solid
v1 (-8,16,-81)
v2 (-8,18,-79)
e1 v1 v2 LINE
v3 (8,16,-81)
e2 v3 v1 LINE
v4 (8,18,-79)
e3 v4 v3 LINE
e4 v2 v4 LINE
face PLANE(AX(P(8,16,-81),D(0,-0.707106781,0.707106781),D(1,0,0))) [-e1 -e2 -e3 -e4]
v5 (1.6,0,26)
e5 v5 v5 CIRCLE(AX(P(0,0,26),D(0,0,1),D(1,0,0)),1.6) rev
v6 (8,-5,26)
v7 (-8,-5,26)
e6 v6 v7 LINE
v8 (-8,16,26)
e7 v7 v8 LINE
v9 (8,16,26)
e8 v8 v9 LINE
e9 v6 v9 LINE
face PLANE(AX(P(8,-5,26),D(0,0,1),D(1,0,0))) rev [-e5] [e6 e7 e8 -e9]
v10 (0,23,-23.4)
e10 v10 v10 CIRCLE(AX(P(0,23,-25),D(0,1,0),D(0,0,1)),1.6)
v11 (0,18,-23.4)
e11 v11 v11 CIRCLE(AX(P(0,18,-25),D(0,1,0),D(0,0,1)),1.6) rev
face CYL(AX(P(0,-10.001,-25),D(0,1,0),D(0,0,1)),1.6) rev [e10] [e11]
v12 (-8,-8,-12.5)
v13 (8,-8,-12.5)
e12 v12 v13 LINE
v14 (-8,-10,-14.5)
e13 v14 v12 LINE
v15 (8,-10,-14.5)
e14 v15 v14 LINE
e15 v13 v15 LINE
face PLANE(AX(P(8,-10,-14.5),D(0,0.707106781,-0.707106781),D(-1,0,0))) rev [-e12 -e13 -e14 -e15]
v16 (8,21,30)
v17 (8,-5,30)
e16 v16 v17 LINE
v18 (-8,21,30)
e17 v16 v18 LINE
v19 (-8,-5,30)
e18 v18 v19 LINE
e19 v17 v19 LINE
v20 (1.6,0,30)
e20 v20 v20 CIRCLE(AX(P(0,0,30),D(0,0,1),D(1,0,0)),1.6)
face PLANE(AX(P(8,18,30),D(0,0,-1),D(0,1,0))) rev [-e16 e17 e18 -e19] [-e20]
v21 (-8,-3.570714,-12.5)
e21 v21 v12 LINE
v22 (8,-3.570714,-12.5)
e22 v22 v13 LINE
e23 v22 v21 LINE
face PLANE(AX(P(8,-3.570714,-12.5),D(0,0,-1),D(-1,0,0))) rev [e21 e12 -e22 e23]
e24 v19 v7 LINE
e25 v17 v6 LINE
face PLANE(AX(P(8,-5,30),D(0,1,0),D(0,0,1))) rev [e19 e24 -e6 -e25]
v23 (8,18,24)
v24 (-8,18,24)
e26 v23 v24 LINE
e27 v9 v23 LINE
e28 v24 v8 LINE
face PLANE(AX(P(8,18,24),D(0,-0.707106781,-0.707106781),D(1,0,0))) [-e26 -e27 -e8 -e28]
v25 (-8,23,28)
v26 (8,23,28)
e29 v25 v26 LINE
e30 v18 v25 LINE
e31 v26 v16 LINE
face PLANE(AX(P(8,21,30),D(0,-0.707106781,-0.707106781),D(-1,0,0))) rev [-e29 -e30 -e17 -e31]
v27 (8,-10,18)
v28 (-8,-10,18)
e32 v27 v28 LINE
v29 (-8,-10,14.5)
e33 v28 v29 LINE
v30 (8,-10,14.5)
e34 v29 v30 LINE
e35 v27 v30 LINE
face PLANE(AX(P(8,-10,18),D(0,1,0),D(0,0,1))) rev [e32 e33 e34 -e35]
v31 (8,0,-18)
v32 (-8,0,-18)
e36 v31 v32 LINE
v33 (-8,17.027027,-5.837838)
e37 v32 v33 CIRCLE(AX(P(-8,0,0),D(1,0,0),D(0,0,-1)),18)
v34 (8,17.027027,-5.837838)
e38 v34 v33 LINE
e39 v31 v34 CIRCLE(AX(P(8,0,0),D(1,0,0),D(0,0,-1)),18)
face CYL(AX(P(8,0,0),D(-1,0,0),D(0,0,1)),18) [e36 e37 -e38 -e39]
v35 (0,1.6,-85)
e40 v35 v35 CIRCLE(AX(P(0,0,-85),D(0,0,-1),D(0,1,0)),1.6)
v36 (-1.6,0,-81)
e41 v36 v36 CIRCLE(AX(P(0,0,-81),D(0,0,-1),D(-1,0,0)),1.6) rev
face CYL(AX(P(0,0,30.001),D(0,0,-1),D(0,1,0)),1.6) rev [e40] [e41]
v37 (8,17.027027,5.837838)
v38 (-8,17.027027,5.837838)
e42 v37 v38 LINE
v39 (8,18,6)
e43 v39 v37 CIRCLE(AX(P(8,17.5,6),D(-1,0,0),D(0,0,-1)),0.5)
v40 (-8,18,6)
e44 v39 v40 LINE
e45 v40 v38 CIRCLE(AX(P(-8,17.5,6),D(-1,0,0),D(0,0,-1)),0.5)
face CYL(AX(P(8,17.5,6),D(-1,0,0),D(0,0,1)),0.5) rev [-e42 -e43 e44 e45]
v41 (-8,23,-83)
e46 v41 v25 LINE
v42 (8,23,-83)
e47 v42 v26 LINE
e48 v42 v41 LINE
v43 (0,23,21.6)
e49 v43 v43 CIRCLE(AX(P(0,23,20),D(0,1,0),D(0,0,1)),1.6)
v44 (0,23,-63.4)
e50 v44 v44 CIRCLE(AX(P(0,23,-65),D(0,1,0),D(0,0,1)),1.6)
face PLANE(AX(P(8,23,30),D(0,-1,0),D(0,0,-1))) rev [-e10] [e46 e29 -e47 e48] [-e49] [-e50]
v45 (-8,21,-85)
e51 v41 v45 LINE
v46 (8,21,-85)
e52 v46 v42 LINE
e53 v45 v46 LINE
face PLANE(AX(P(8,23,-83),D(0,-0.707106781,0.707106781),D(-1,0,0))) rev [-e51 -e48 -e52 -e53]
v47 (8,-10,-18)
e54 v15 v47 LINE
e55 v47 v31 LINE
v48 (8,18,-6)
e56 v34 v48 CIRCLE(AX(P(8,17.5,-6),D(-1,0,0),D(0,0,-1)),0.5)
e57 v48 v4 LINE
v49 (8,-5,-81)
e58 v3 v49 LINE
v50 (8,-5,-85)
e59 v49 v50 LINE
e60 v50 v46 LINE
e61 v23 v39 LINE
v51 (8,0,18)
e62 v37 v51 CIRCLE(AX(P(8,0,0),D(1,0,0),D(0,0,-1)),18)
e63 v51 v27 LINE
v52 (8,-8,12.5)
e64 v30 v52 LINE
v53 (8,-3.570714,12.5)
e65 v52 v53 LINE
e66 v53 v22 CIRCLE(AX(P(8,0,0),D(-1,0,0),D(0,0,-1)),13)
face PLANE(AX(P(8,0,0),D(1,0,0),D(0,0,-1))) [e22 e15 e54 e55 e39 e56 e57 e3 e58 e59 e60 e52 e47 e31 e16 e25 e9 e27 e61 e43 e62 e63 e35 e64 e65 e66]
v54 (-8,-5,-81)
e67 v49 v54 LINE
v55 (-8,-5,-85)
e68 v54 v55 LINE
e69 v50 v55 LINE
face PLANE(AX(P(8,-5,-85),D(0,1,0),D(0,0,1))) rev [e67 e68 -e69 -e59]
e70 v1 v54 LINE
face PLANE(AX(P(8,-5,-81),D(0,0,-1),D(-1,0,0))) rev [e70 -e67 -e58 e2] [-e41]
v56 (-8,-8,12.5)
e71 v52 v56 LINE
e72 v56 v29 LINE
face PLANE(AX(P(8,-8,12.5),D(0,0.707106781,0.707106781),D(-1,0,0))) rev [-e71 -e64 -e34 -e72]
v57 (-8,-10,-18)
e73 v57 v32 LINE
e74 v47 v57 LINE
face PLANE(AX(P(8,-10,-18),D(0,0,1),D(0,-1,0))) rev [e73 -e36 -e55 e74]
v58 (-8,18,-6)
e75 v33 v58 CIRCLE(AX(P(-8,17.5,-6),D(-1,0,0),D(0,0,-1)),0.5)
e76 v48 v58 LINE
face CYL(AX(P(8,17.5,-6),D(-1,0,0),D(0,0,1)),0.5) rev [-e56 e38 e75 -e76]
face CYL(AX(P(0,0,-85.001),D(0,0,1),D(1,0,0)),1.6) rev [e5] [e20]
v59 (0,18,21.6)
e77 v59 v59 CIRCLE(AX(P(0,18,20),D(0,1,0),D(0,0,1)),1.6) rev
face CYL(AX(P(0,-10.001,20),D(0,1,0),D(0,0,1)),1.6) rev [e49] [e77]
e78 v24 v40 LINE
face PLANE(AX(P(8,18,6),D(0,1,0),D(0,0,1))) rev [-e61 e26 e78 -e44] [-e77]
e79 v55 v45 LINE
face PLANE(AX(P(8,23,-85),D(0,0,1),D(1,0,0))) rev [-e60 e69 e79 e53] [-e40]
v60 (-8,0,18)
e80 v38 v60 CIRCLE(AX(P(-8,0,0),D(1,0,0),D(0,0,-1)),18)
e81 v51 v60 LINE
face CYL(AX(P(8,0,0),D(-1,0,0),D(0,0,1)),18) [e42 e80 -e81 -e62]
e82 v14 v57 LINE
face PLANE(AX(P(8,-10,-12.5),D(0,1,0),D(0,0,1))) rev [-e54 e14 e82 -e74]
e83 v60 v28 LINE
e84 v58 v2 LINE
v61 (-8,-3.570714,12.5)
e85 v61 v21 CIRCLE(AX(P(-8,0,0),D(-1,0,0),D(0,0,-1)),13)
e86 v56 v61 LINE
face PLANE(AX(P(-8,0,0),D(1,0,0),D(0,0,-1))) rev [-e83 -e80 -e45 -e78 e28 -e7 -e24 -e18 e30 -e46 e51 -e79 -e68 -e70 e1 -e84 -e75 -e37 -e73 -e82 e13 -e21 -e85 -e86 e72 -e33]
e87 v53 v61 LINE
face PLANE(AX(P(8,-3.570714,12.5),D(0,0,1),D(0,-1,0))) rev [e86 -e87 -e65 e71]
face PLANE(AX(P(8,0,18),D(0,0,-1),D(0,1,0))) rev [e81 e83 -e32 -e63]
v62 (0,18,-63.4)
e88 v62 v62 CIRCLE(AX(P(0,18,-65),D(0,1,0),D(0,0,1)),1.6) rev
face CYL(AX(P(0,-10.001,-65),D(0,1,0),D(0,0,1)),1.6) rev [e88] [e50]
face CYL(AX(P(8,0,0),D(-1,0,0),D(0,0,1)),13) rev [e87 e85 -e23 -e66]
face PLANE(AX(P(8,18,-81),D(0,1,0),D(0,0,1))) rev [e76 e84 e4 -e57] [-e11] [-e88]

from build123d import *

# Parameters (mm, degrees)
BOSS_EXTRUDE1_DEPTH = 8
CHAMFER1_SIZE       = 2
CHAMFER2_SIZE       = 2
CUT_EXTRUDE1_REACH  = 119.55
SKETCH2_R           = 1.6
CUT_EXTRUDE2_REACH  = 119.55
SKETCH3_R           = 1.6
CUT_EXTRUDE3_REACH  = 93.531
SKETCH4_R           = 1.6


with BuildPart() as part:
    # Sketch1 → Boss-Extrude1 (new, symmetric)
    with BuildSketch(Plane(origin=(0, 0, 0), x_dir=(0, 0, -1), z_dir=(1, 0, 0))):
        with BuildLine():
            Line((-12.5, -3.570714214), (-12.5, -10))
            Line((-12.5, -10), (-18, -10))
            Line((-18, -10), (-18, 0))
            ThreePointArc((-18, 0), (-14.647202482, 10.462287487), (-5.837837838, 17.027027027))
            ThreePointArc((-5.837837838, 17.027027027), (-5.506803038, 17.582199494), (-6, 18))
            Line((-6, 18), (-26, 18))
            Line((-26, 18), (-26, -5))
            Line((-26, -5), (-30, -5))
            Line((-30, -5), (-30, 18))
            Line((-30, 18), (-30, 23))
            Line((-30, 23), (85, 23))
            Line((85, 23), (85, 18))
            Line((85, 18), (85, -5))
            Line((85, -5), (81, -5))
            Line((81, -5), (81, 18))
            Line((81, 18), (6, 18))
            ThreePointArc((6, 18), (5.506803038, 17.582199494), (5.837837838, 17.027027027))
            ThreePointArc((5.837837838, 17.027027027), (14.647202482, 10.462287487), (18, 0))
            Line((18, 0), (18, -10))
            Line((18, -10), (12.5, -10))
            Line((12.5, -10), (12.5, -3.570714214))
            ThreePointArc((12.5, -3.570714214), (0, 13), (-12.5, -3.570714214))
        make_face()
    extrude(amount=BOSS_EXTRUDE1_DEPTH, both=True)

    # Chamfer1
    chamfer1_edges = [part.edges().sort_by_distance(p)[0] for p in [
        (0, 18, 26),
        (0, 18, -81),
    ]]
    chamfer(chamfer1_edges, length=CHAMFER1_SIZE)

    # Chamfer2
    chamfer2_edges = [part.edges().sort_by_distance(p)[0] for p in [
        (0, -10, -12.5),
        (0, -10, 12.5),
        (0, 23, 30),
        (0, 23, -85),
    ]]
    chamfer(chamfer2_edges, length=CHAMFER2_SIZE)

    # Sketch2 → Cut-Extrude1 (cut, up to next)
    with BuildSketch(Plane.XY.offset(30), mode=Mode.PRIVATE) as cut_extrude1_sk1:
        Circle(SKETCH2_R)
    cut_extrude1_tool1 = extrude(cut_extrude1_sk1.sketch, amount=-CUT_EXTRUDE1_REACH, mode=Mode.PRIVATE) & part.part
    add(cut_extrude1_tool1.solids().sort_by_distance((0, 0, 30))[0], mode=Mode.SUBTRACT)

    # Sketch3 → Cut-Extrude2 (cut, up to next)
    with BuildSketch(Plane(origin=(0, 0, -85), x_dir=(-1, 0, 0), z_dir=(0, 0, -1)), mode=Mode.PRIVATE) as cut_extrude2_sk1:
        with Locations(Location((0, 0, 0), (0, 0, 180))):
            Circle(SKETCH3_R)
    cut_extrude2_tool1 = extrude(cut_extrude2_sk1.sketch, amount=-CUT_EXTRUDE2_REACH, mode=Mode.PRIVATE) & part.part
    add(cut_extrude2_tool1.solids().sort_by_distance((0, 0, -85))[0], mode=Mode.SUBTRACT)

    # Sketch4 → Cut-Extrude3 (cut, up to next)
    with BuildSketch(Plane(origin=(0, 23, 0), x_dir=(1, 0, 0), z_dir=(0, 1, 0)), mode=Mode.PRIVATE) as cut_extrude3_sk1:
        with Locations(Location((0, 65, 0), (0, 0, 270))):
            Circle(SKETCH4_R)
    cut_extrude3_tool1 = extrude(cut_extrude3_sk1.sketch, amount=-CUT_EXTRUDE3_REACH, mode=Mode.PRIVATE) & part.part
    # Sketch4 → Cut-Extrude3 (cut, up to next)
    with BuildSketch(Plane(origin=(0, 23, 0), x_dir=(1, 0, 0), z_dir=(0, 1, 0)), mode=Mode.PRIVATE) as cut_extrude3_sk2:
        with Locations(Location((0, 25, 0), (0, 0, 270))):
            Circle(SKETCH4_R)
    cut_extrude3_tool2 = extrude(cut_extrude3_sk2.sketch, amount=-CUT_EXTRUDE3_REACH, mode=Mode.PRIVATE) & part.part
    # Sketch4 → Cut-Extrude3 (cut, up to next)
    with BuildSketch(Plane(origin=(0, 23, 0), x_dir=(1, 0, 0), z_dir=(0, 1, 0)), mode=Mode.PRIVATE) as cut_extrude3_sk3:
        with Locations(Location((0, -20, 0), (0, 0, 270))):
            Circle(SKETCH4_R)
    cut_extrude3_tool3 = extrude(cut_extrude3_sk3.sketch, amount=-CUT_EXTRUDE3_REACH, mode=Mode.PRIVATE) & part.part
    add(cut_extrude3_tool1.solids().sort_by_distance((0, 23, -65))[0], mode=Mode.SUBTRACT)
    add(cut_extrude3_tool2.solids().sort_by_distance((0, 23, -25))[0], mode=Mode.SUBTRACT)
    add(cut_extrude3_tool3.solids().sort_by_distance((0, 23, 20))[0], mode=Mode.SUBTRACT)


solid = part.part
